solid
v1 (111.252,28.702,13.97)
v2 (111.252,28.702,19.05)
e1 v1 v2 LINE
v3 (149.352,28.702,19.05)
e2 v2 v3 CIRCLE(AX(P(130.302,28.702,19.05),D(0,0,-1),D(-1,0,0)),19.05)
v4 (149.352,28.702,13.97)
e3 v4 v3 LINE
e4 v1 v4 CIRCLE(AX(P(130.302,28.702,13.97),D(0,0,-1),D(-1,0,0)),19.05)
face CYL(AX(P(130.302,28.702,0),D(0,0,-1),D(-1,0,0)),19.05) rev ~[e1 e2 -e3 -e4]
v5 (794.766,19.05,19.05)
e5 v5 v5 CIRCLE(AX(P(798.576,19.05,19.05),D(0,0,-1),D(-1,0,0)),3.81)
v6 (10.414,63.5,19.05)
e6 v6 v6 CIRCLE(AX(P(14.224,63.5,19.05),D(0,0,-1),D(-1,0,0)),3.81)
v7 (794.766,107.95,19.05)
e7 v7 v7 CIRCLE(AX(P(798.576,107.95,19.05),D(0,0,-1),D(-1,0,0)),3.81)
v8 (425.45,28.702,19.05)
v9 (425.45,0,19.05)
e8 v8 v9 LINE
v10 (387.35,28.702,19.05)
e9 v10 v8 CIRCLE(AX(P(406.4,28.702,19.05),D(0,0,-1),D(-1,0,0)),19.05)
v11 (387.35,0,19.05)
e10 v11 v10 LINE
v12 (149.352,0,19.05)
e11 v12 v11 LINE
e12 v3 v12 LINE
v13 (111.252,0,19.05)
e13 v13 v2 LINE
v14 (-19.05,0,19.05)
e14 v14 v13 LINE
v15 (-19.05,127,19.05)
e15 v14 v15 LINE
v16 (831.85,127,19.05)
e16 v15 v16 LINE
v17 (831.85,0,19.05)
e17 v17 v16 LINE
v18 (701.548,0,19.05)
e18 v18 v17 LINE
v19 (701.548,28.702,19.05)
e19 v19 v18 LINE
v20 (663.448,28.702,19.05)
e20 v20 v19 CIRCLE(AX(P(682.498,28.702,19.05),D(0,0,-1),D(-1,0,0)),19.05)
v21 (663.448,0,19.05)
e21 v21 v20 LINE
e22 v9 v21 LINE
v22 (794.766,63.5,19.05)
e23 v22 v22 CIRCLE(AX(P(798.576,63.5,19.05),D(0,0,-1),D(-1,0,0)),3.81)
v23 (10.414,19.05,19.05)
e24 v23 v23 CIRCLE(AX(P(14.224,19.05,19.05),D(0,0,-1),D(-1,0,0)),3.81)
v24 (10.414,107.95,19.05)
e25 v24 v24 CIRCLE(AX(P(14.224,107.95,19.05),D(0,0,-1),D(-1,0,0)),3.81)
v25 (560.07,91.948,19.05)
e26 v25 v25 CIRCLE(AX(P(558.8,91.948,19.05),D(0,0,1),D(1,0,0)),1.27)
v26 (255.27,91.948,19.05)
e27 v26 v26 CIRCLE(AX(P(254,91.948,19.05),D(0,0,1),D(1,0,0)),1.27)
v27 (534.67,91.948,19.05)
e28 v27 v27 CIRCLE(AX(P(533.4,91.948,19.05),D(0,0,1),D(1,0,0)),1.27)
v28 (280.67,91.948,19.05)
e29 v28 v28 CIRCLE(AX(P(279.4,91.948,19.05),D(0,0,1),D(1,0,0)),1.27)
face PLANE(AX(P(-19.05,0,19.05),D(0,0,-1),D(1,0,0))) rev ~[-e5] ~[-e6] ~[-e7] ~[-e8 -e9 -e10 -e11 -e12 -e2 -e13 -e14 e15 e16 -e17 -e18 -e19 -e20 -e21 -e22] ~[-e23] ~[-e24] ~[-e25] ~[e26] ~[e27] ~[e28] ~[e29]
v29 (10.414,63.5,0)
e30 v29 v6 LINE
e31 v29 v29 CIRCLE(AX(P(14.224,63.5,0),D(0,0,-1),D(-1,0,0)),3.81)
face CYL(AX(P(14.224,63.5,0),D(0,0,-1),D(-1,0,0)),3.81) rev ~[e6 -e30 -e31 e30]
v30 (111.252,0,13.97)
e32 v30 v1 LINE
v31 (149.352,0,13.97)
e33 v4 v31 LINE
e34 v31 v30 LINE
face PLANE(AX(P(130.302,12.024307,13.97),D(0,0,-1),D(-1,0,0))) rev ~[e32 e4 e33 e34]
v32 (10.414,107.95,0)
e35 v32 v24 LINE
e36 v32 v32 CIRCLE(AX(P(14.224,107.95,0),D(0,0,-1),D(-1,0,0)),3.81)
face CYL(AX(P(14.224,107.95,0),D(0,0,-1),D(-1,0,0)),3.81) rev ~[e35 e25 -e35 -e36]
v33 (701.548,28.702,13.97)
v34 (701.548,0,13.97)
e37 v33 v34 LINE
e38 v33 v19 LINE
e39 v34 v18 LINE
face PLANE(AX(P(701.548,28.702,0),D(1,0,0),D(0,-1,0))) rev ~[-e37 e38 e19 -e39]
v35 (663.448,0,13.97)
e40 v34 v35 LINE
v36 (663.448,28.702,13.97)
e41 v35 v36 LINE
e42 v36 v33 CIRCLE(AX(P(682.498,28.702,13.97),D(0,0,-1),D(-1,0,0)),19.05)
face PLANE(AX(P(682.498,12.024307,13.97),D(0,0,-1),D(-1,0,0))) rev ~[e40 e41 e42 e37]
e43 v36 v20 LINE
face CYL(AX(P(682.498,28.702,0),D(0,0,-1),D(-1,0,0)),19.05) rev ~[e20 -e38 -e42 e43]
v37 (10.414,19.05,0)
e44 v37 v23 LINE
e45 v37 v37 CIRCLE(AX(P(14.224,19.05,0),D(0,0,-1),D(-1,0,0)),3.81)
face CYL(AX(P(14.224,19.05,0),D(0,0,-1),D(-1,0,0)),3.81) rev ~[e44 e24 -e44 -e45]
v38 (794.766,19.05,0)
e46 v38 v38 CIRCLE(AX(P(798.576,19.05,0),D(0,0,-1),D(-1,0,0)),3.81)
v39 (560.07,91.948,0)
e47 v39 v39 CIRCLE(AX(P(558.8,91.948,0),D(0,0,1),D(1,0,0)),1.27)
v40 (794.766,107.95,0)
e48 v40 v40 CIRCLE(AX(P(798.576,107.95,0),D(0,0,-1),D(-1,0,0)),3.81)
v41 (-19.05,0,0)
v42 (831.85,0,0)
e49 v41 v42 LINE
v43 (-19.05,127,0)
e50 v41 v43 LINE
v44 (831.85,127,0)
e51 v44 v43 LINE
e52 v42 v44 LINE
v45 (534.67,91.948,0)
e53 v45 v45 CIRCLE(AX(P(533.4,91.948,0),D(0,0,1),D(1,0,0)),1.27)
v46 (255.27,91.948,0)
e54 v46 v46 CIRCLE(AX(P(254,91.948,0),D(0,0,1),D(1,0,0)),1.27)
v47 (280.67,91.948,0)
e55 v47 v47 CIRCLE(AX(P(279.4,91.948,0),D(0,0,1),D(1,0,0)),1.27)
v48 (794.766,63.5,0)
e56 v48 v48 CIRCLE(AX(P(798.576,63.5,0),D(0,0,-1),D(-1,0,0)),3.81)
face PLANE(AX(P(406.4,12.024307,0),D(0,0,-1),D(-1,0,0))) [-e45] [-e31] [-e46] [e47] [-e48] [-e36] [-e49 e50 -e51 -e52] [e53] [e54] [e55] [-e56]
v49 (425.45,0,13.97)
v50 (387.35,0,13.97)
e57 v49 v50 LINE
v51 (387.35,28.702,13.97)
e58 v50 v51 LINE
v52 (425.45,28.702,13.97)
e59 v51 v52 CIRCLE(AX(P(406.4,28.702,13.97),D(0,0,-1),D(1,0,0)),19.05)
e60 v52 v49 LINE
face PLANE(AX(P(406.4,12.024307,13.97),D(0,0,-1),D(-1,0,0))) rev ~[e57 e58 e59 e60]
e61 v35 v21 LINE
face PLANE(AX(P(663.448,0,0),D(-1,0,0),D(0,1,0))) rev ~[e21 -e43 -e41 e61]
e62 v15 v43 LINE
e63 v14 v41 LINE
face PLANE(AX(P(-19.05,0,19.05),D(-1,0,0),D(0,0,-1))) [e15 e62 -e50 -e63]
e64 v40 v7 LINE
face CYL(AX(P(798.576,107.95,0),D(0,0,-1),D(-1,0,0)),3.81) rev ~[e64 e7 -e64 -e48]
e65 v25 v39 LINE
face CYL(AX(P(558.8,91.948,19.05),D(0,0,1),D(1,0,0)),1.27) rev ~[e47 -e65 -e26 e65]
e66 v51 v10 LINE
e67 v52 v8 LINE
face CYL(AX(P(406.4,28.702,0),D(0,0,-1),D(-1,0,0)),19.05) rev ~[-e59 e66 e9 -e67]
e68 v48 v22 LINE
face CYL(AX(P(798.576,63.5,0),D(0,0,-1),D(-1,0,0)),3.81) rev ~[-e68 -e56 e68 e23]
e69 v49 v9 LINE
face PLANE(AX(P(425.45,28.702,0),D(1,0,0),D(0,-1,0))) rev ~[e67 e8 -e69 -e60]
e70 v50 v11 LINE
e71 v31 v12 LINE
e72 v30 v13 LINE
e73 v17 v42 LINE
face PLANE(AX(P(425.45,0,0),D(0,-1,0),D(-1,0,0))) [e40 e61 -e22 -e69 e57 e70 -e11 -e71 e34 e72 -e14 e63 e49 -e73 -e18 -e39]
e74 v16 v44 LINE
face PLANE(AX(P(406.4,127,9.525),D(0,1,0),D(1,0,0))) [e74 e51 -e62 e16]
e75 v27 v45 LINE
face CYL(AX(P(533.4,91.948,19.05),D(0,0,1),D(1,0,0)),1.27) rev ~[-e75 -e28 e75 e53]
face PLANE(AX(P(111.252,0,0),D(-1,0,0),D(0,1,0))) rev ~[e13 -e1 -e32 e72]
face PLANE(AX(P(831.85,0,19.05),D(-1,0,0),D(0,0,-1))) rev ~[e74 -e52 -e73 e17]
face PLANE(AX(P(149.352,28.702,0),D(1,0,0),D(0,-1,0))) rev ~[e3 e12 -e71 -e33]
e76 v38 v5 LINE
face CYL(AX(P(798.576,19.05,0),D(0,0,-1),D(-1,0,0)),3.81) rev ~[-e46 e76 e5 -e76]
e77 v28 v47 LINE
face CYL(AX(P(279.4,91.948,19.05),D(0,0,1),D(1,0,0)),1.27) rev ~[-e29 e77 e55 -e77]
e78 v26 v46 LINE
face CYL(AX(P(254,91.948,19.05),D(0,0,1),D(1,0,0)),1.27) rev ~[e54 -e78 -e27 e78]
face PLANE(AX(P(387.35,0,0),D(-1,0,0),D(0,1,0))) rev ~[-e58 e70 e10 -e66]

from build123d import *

# Parameters (mm, degrees)
SKETCH1_W           = 812.8
SKETCH1_H           = 19.05
SKETCH1_W_2         = 19.05
BOSS_EXTRUDE2_DEPTH = 127
SKETCH2_R           = 3.81
CUT_EXTRUDE1_DEPTH  = 19.05
SKETCH3_R           = 19.05
CUT_EXTRUDE2_DEPTH  = 19.05
BOSS_EXTRUDE3_DEPTH = 13.97
SKETCH5_R           = 1.27
CUT_EXTRUDE3_DEPTH  = 19.05


with BuildPart() as part:
    # Sketch1 → Boss-Extrude2 (new body)
    with BuildSketch(Plane(origin=(0, 0, 0), x_dir=(1, 0, 0), z_dir=(0, 1, 0))):
        with Locations((406.4, -9.525)):
            Rectangle(SKETCH1_W, SKETCH1_H)
        with Locations((822.325, -9.525)):
            Rectangle(SKETCH1_W_2, SKETCH1_H)
        with Locations((-9.525, -9.525)):
            Rectangle(SKETCH1_W_2, SKETCH1_H)
    extrude(amount=BOSS_EXTRUDE2_DEPTH)

    # Sketch2 → Cut-Extrude1 (cut)
    with BuildSketch(Plane(origin=(0, 0, 0), x_dir=(-1, 0, 0), z_dir=(0, 0, -1))):
        with Locations((-14.224, 107.95)):
            Circle(SKETCH2_R)
        with Locations((-14.224, 63.5)):
            Circle(SKETCH2_R)
        with Locations((-14.224, 19.05)):
            Circle(SKETCH2_R)
        with Locations((-798.576, 19.05)):
            Circle(SKETCH2_R)
        with Locations((-798.576, 107.95)):
            Circle(SKETCH2_R)
        with Locations((-798.576, 63.5)):
            Circle(SKETCH2_R)
    extrude(amount=-CUT_EXTRUDE1_DEPTH, mode=Mode.SUBTRACT)

    # Sketch3 → Cut-Extrude2 (cut)
    with BuildSketch(Plane(origin=(0, 0, 0), x_dir=(-1, 0, 0), z_dir=(0, 0, -1))):
        with BuildLine():
            ThreePointArc((-663.448, 28.702), (-682.498, 9.652), (-701.548, 28.702))
            Line((-701.548, 28.702), (-701.548, 0))
            Line((-701.548, 0), (-663.448, 0))
            Line((-663.448, 0), (-663.448, 28.702))
        make_face()
        with Locations((-682.498, 28.702)):
            Circle(SKETCH3_R)
        with Locations((-406.4, 28.702)):
            Circle(SKETCH3_R)
        with BuildLine():
            Line((-425.45, 28.702), (-425.45, 0))
            Line((-425.45, 0), (-387.35, 0))
            Line((-387.35, 0), (-387.35, 28.702))
            ThreePointArc((-387.35, 28.702), (-406.4, 9.652), (-425.45, 28.702))
        make_face()
        with BuildLine():
            Line((-149.352, 28.702), (-149.352, 0))
            Line((-149.352, 0), (-111.252, 0))
            Line((-111.252, 0), (-111.252, 28.702))
            ThreePointArc((-111.252, 28.702), (-130.302, 9.652), (-149.352, 28.702))
        make_face()
        with Locations((-130.302, 28.702)):
            Circle(SKETCH3_R)
    extrude(amount=-CUT_EXTRUDE2_DEPTH, mode=Mode.SUBTRACT)

    # Sketch4 → Boss-Extrude3 (add)
    with BuildSketch(Plane(origin=(0, 0, 0), x_dir=(-1, 0, 0), z_dir=(0, 0, -1))):
        with BuildLine():
            ThreePointArc((-387.35, 28.702), (-406.4, 9.652), (-425.45, 28.702))
            Line((-425.45, 28.702), (-425.45, 0))
            Line((-425.45, 0), (-387.35, 0))
            Line((-387.35, 0), (-387.35, 28.702))
        make_face()
        with BuildLine():
            ThreePointArc((-387.35, 28.702), (-406.4, 47.752), (-425.45, 28.702))
            ThreePointArc((-425.45, 28.702), (-406.4, 9.652), (-387.35, 28.702))
        make_face()
        with BuildLine():
            Line((-111.252, 0), (-111.252, 28.702))
            ThreePointArc((-111.252, 28.702), (-130.302, 9.652), (-149.352, 28.702))
            Line((-149.352, 28.702), (-149.352, 0))
            Line((-149.352, 0), (-111.252, 0))
        make_face()
        with BuildLine():
            ThreePointArc((-149.352, 28.702), (-130.302, 9.652), (-111.252, 28.702))
            ThreePointArc((-111.252, 28.702), (-130.302, 47.752), (-149.352, 28.702))
        make_face()
        with BuildLine():
            Line((-663.448, 0), (-663.448, 28.702))
            ThreePointArc((-663.448, 28.702), (-682.498, 9.652), (-701.548, 28.702))
            Line((-701.548, 28.702), (-701.548, 0))
            Line((-701.548, 0), (-663.448, 0))
        make_face()
        with BuildLine():
            ThreePointArc((-701.548, 28.702), (-682.498, 9.652), (-663.448, 28.702))
            ThreePointArc((-663.448, 28.702), (-682.498, 47.752), (-701.548, 28.702))
        make_face()
    extrude(amount=-BOSS_EXTRUDE3_DEPTH)

    # Sketch5 → Cut-Extrude3 (cut)
    with BuildSketch(Plane.XY.offset(19.05)):
        with Locations((254, 91.948)):
            Circle(SKETCH5_R)
        with Locations((279.4, 91.948)):
            Circle(SKETCH5_R)
        with Locations((533.4, 91.948)):
            Circle(SKETCH5_R)
        with Locations((558.8, 91.948)):
            Circle(SKETCH5_R)
    extrude(amount=-CUT_EXTRUDE3_DEPTH, mode=Mode.SUBTRACT)


solid = part.part
